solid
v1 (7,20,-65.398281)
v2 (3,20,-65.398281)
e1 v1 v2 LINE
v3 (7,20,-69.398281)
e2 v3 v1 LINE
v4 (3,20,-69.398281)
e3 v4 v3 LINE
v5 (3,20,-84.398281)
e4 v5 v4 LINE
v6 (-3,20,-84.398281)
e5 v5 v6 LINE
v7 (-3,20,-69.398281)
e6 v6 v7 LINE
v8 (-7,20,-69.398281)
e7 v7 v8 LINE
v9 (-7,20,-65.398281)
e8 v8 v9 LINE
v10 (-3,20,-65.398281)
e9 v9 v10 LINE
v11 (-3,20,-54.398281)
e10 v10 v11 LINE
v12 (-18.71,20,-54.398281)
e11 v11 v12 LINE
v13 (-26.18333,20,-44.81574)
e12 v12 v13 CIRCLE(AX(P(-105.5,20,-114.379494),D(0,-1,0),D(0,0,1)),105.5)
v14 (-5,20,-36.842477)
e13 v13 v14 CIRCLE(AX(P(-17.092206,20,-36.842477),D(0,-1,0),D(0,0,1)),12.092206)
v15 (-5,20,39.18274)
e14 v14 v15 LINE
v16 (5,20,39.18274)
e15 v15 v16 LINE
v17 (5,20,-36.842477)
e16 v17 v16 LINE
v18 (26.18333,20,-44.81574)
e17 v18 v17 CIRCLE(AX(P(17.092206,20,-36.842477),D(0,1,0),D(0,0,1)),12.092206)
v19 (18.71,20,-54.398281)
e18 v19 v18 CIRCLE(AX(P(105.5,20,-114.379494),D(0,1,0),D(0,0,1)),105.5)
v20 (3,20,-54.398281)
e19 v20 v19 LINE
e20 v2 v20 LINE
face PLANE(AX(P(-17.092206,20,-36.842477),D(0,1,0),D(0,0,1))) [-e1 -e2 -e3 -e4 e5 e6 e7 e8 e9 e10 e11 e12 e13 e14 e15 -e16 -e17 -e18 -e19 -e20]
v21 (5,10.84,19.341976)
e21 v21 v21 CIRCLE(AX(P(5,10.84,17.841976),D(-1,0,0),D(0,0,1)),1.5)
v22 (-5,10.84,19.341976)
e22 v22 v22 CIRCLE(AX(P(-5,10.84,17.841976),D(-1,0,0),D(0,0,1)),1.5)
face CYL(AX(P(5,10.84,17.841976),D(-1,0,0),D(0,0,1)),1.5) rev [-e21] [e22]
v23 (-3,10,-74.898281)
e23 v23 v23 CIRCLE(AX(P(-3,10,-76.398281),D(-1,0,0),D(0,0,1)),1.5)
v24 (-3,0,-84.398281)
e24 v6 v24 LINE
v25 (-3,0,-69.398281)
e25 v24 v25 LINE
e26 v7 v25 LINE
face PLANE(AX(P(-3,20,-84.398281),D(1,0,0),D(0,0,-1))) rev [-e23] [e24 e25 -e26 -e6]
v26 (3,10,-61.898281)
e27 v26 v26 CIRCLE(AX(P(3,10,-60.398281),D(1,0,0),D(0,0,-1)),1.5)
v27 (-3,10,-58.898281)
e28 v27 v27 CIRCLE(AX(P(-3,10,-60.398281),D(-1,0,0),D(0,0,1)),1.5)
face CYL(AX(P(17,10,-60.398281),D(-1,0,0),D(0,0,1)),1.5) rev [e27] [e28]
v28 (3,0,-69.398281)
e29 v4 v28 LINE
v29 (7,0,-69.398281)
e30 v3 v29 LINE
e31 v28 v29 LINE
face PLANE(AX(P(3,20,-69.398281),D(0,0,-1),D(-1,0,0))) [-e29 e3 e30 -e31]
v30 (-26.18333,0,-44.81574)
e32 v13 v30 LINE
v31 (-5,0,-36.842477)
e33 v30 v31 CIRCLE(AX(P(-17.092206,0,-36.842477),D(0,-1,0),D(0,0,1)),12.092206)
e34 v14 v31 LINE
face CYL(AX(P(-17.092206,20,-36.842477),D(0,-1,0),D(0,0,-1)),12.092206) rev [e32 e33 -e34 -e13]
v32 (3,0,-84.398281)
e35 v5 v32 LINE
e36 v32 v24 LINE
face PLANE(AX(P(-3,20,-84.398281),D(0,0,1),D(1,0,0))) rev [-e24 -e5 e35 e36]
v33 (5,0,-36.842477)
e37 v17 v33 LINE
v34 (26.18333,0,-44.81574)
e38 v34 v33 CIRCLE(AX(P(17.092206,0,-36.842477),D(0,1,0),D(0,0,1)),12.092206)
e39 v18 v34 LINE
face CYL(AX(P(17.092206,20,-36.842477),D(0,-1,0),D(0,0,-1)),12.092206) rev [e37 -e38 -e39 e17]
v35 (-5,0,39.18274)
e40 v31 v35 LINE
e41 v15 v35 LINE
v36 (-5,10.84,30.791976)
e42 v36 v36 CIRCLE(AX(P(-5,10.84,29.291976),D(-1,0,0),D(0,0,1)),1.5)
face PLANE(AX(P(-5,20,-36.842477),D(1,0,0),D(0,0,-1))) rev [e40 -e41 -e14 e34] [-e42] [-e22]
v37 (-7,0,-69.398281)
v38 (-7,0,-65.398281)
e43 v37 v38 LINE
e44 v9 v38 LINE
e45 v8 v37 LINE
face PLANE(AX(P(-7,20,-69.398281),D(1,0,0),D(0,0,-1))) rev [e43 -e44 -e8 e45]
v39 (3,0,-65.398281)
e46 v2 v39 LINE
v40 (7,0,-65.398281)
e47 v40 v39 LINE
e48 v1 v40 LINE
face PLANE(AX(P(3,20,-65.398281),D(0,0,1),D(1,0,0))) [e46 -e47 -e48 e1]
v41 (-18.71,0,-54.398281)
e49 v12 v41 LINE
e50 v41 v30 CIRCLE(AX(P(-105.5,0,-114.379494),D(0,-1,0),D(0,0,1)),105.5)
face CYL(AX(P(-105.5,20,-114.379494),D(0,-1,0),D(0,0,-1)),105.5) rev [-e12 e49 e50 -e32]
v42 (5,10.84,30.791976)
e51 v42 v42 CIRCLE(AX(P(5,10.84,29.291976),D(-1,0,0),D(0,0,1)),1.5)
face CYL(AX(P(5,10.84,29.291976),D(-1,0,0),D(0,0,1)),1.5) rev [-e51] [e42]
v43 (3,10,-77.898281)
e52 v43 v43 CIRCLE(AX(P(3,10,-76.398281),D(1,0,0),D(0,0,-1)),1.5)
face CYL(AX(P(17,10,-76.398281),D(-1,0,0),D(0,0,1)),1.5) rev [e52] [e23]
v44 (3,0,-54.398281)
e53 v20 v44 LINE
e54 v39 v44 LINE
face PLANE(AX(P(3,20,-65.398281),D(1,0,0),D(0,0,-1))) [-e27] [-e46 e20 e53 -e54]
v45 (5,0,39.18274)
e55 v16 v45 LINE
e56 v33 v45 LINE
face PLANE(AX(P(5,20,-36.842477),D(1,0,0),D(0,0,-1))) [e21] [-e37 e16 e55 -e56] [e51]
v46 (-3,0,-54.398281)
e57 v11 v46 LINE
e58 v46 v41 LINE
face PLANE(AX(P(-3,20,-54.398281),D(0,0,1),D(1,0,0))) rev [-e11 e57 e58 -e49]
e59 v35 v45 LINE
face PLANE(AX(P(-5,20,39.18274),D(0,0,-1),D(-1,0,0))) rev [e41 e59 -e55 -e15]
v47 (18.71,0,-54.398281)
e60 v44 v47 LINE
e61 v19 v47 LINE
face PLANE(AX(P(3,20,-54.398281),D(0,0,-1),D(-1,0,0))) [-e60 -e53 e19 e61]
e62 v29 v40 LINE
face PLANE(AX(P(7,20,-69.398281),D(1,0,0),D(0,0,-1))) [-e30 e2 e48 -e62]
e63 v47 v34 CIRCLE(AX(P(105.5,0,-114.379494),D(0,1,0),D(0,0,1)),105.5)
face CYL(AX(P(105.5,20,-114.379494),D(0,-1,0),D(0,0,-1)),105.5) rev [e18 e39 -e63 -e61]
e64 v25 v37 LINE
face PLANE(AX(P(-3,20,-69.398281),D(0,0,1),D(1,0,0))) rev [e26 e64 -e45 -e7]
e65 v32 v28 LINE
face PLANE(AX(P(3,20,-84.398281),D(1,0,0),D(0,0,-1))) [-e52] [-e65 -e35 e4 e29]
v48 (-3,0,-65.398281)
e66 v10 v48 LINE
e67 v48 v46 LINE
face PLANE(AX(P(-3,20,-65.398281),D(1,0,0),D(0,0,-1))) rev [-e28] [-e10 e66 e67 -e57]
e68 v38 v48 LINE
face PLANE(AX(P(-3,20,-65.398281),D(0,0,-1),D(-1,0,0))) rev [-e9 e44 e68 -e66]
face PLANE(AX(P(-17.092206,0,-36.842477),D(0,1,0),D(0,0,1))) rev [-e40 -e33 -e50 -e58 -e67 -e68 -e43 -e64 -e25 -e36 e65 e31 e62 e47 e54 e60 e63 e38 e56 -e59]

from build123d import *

# Parameters (mm, degrees)
BOSS_EXTRU_1_DEPTH      = 20
ESQUISSE3_R             = 1.5
ENL_V_MAT_EXTRU_3_DEPTH = 20
ESQUISSE4_R             = 1.5
ENL_V_MAT_EXTRU_4_DEPTH = 10
ESQUISSE5_R             = 1.5
ENL_V_MAT_EXTRU_5_DEPTH = 10


with BuildPart() as part:
    # Esquisse1 → Boss.-Extru.1 (new body)
    with BuildSketch(Plane(origin=(0, 0, 0), x_dir=(1, 0, 0), z_dir=(0, 1, 0))):
        with BuildLine():
            Line((-3, 84.398281038), (-3, 69.398281038))
            Line((-3, 69.398281038), (-7, 69.398281038))
            Line((-7, 69.398281038), (-7, 65.398281038))
            Line((-7, 65.398281038), (-3, 65.398281038))
            Line((-3, 65.398281038), (-3, 54.398281038))
            Line((-3, 54.398281038), (-18.71, 54.398281038))
            ThreePointArc((-18.71, 54.398281038), (-22.308577777, 49.499317693), (-26.183329952, 44.81574006))
            ThreePointArc((-26.183329952, 44.81574006), (-12.83252844, 48.159570073), (-5, 36.842476876))
            Line((-5, 36.842476876), (-5, -39.182739587))
            Line((-5, -39.182739587), (0, -39.182739587))
            Line((0, -39.182739587), (0, 84.398281038))
            Line((0, 84.398281038), (-3, 84.398281038))
        make_face()
    boss_extru_1 = extrude(amount=BOSS_EXTRU_1_DEPTH)

    # Symétrie1: Boss.-Extru.1 across plane
    add(boss_extru_1.mirror(Plane(origin=(0, 20, -84.398281038), x_dir=(0, 0, 1), z_dir=(-1, 0, 0))))

    # Esquisse3 → Enlèv. mat.-Extru.3 (cut)
    with BuildSketch(Plane.ZY.offset(3)):
        with Locations((-76.398281038, 10)):
            Circle(ESQUISSE3_R)
        with Locations((-60.398281038, 10)):
            Circle(ESQUISSE3_R)
    extrude(amount=-ENL_V_MAT_EXTRU_3_DEPTH, mode=Mode.SUBTRACT)

    # Esquisse4 → Enlèv. mat.-Extru.4 (cut)
    with BuildSketch(Plane.ZY.offset(5)):
        with Locations((29.291975875, 10.84)):
            Circle(ESQUISSE4_R)
    extrude(amount=-ENL_V_MAT_EXTRU_4_DEPTH, mode=Mode.SUBTRACT)

    # Esquisse5 → Enlèv. mat.-Extru.5 (cut)
    with BuildSketch(Plane.ZY.offset(5)):
        with Locations((17.841975875, 10.84)):
            Circle(ESQUISSE5_R)
    extrude(amount=-ENL_V_MAT_EXTRU_5_DEPTH, mode=Mode.SUBTRACT)


solid = part.part
